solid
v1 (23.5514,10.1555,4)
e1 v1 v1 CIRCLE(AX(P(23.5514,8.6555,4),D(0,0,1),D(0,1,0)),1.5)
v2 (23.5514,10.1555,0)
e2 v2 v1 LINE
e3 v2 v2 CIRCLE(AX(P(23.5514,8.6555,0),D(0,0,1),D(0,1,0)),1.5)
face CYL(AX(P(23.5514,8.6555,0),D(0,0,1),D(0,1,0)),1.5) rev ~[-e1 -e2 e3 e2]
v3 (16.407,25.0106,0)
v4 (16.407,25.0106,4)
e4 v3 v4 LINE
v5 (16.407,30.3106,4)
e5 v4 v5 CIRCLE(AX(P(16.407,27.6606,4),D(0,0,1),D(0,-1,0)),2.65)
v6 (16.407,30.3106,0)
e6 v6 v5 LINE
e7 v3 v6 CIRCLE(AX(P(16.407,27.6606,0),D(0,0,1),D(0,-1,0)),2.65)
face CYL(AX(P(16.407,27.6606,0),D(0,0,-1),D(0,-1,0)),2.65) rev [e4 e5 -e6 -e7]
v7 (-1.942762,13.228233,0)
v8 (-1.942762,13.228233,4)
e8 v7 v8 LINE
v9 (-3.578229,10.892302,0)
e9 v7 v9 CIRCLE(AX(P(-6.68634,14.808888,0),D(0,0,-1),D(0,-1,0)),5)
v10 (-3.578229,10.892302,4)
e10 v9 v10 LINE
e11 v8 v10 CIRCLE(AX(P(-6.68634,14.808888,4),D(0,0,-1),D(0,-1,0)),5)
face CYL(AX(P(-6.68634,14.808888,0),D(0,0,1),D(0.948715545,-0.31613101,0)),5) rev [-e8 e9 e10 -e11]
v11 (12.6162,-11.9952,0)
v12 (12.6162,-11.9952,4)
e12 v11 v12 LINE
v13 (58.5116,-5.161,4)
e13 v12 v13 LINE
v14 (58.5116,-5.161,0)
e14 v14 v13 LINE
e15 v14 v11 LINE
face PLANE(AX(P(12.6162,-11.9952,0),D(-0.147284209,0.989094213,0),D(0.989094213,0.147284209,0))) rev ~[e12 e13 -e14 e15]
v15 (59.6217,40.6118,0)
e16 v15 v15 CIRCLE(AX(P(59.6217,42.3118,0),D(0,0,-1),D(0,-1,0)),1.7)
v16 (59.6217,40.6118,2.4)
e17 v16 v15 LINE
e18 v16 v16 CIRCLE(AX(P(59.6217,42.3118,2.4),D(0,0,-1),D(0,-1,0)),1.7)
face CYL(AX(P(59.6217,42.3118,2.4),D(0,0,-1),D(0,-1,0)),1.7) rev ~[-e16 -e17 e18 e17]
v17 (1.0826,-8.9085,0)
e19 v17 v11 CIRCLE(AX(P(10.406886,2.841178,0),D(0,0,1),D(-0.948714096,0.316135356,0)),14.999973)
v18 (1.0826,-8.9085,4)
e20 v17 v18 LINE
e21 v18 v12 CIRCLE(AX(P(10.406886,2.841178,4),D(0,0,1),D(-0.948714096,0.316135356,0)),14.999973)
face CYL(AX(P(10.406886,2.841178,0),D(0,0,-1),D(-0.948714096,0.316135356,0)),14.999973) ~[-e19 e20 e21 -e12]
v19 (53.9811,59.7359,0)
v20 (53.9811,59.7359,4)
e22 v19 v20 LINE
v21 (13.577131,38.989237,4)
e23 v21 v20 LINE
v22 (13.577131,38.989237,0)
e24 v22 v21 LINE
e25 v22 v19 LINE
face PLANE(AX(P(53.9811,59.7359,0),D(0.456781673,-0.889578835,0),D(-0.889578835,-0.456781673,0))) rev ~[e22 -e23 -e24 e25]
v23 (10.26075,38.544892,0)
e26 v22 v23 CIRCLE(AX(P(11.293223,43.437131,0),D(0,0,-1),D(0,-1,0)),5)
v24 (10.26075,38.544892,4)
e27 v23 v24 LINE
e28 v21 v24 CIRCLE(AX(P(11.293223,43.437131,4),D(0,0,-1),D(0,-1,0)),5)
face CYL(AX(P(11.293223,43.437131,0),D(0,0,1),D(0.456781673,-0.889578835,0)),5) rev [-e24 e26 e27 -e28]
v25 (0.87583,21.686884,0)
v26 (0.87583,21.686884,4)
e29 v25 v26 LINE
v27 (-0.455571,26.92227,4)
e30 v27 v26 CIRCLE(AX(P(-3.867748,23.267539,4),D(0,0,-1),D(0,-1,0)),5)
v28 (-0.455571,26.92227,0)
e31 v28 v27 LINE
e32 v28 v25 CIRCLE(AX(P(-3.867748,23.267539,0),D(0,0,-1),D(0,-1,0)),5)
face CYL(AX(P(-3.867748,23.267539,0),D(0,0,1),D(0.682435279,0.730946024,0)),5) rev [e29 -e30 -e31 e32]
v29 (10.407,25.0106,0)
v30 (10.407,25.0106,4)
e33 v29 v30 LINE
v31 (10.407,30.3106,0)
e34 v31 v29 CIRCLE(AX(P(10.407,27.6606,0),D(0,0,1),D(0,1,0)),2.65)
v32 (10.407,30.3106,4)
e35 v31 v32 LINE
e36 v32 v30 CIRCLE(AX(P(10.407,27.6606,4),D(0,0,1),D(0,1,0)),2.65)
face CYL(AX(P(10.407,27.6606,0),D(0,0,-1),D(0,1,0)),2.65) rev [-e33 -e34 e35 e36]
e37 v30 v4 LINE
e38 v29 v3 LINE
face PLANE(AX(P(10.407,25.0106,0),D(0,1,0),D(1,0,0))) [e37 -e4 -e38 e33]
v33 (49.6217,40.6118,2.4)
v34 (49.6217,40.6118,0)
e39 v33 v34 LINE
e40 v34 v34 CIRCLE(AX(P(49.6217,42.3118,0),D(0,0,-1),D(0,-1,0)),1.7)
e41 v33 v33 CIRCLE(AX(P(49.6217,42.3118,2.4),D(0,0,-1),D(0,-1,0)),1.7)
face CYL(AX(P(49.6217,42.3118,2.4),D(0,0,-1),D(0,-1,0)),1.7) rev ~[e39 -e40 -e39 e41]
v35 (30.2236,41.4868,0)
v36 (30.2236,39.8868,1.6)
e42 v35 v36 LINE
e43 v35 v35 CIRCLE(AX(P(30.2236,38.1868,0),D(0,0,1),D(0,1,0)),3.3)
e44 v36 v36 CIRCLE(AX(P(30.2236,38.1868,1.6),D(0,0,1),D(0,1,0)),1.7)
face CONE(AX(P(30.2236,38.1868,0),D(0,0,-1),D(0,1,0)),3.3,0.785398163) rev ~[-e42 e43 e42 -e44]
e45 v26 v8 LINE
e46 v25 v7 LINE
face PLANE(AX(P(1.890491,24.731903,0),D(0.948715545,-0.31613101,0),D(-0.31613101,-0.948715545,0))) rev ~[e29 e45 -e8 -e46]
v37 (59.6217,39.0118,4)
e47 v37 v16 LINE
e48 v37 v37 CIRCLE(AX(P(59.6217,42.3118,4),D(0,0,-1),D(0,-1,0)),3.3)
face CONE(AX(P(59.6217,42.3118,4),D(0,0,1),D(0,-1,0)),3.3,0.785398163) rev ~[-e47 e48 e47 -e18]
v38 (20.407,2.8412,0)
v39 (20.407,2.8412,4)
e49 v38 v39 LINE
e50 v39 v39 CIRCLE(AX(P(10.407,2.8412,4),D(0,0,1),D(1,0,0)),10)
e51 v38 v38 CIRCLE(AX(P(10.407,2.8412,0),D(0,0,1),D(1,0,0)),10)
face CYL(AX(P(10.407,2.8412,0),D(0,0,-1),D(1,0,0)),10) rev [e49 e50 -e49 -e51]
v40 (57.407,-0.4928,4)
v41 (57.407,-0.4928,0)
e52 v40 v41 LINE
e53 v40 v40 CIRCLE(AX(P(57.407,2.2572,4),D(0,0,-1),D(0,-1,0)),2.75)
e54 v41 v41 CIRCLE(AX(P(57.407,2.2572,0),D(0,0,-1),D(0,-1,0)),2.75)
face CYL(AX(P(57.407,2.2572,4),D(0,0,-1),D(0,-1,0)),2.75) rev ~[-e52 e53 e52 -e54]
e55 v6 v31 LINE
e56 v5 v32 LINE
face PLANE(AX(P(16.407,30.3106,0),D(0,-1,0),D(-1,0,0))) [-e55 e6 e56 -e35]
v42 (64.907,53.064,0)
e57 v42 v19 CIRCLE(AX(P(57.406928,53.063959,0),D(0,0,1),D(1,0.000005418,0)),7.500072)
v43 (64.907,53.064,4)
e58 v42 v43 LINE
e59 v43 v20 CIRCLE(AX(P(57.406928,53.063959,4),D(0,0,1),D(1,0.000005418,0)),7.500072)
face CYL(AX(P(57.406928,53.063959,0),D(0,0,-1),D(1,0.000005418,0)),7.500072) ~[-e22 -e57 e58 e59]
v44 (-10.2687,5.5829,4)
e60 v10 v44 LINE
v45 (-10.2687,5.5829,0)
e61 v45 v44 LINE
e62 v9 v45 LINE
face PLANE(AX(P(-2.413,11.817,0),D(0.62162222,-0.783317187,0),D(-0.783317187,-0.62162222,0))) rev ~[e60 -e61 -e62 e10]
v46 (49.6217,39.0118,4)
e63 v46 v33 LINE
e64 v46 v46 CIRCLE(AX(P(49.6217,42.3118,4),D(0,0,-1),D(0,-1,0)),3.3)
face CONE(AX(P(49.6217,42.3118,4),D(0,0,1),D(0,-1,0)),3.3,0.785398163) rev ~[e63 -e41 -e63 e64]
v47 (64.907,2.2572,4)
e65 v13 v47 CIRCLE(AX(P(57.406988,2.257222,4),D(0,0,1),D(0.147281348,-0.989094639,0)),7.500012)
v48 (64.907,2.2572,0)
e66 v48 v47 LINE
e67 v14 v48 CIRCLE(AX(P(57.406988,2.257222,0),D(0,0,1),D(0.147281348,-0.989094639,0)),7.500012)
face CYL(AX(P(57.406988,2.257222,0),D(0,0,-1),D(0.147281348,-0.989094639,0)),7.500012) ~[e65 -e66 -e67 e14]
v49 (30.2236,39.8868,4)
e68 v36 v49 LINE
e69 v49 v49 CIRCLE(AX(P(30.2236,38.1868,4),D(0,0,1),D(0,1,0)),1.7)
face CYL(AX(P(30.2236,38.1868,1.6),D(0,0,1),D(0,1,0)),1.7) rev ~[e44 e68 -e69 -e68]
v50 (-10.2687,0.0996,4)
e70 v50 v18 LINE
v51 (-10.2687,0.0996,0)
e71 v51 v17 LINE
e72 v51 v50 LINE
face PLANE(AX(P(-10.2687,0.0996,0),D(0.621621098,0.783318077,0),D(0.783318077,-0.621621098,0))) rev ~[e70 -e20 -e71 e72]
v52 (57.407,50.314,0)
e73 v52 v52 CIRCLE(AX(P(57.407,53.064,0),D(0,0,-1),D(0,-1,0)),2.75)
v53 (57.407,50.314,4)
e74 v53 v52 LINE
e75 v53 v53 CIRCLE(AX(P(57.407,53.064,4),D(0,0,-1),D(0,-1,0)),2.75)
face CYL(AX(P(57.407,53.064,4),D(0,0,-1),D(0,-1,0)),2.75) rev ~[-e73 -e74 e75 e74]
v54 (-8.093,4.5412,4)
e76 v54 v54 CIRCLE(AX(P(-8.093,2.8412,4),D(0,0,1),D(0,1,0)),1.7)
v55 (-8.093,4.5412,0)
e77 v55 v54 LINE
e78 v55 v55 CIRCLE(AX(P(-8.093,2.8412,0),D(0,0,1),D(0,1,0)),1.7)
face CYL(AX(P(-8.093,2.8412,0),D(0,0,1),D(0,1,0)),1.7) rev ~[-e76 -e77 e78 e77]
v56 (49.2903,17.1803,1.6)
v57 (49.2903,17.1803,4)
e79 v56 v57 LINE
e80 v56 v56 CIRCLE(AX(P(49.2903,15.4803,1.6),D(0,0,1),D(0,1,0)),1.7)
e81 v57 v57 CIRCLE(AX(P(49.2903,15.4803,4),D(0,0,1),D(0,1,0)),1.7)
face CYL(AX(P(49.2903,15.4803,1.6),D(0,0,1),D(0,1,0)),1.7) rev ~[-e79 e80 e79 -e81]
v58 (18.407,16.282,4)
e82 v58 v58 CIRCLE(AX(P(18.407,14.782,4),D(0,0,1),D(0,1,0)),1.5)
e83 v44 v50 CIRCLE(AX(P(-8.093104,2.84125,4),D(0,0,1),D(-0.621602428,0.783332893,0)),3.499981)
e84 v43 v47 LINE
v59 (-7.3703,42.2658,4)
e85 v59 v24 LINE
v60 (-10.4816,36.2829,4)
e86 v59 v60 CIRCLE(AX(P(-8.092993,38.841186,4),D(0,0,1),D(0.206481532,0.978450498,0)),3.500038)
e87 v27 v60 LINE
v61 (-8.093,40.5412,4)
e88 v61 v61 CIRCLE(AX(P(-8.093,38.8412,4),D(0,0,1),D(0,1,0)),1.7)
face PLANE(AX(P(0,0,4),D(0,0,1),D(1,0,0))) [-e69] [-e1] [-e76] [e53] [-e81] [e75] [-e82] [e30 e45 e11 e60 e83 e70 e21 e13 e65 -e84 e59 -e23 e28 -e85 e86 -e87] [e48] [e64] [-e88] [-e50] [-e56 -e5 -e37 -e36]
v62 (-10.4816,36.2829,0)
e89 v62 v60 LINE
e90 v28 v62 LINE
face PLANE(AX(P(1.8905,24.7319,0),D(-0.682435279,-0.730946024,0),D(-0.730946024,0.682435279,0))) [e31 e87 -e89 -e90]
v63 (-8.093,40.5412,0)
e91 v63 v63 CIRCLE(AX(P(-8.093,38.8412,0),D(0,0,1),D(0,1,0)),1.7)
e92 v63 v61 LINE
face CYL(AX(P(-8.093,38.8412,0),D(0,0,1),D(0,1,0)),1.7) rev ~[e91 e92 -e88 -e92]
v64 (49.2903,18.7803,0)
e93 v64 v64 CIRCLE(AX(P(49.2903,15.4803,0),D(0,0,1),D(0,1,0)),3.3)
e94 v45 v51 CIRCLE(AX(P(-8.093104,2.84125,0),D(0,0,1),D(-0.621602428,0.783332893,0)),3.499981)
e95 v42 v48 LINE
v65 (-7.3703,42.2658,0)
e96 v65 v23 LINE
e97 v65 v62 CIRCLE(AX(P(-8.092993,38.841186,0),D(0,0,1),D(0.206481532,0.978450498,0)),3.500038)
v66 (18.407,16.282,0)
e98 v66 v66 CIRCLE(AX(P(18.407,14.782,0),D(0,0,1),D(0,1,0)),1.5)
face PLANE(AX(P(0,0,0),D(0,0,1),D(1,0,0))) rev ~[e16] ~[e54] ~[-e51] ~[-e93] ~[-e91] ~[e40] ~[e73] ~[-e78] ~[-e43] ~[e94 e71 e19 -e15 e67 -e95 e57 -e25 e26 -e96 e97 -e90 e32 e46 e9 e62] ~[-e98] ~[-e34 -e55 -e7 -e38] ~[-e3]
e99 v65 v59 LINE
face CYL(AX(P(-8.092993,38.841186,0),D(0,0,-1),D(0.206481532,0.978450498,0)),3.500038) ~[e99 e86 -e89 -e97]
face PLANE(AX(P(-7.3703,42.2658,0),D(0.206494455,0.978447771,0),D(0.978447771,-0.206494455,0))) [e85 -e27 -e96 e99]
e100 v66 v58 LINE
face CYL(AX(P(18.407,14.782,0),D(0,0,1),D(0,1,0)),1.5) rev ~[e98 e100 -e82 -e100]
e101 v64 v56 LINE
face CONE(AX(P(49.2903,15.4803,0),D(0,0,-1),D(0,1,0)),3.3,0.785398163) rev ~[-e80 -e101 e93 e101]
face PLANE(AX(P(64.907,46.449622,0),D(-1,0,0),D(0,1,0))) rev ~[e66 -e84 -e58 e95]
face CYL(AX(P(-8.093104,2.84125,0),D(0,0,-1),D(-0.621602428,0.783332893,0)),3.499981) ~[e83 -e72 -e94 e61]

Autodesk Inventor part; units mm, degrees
ref_plane "YZ Plane" through (0, 0, 0) normal (1, 0, 0) x (0, 1, 0)
ref_plane "XZ Plane" through (0, 0, 0) normal (0, 1, 0) x (-1, 0, 0)
ref_plane "XY Plane" through (0, 0, 0) normal (0, 0, 1) x (1, 0, 0)
sketch "Sketch1" plane through (0, 0, 0) normal (0, 0, 1) x (1, 0, 0)
  circle A0 centre (57.407, 53.064) radius 2.5 projected
  circle A1 centre (57.407, 53.064) radius 10 projected
  circle A2 centre (13.407, 27.6606) radius 2.5 projected
  circle A3 centre (13.407, 27.6606) radius 10 projected
  circle A4 centre (57.407, 2.2572) radius 2.5 projected
  circle A5 centre (57.407, 2.2572) radius 10 projected
  line L0 (25.407, -164.9104) -> (25.407, 85.0896) construction
  arc A6 (64.907, 53.064) -> (53.9811, 59.7359) centre (57.407, 53.064) ccw
  arc A7 (58.5116, -5.161) -> (64.907, 2.2572) centre (57.407, 2.2572) ccw
  line L1 (10.407, 27.6606) -> (16.407, 27.6606) construction
  line L2 (10.407, 25.0106) -> (16.407, 25.0106)
  line L3 (16.407, 30.3106) -> (10.407, 30.3106)
  arc A8 (10.407, 30.3106) -> (10.407, 25.0106) centre (10.407, 27.6606) ccw
  arc A9 (16.407, 25.0106) -> (16.407, 30.3106) centre (16.407, 27.6606) ccw
  circle A10 centre (10.407, 2.8412) radius 10
  arc A11 (-3.8238, 7.5832) -> (12.6162, -11.9952) centre (10.407, 2.8412) ccw
  line L4 (12.6162, -11.9952) -> (58.5116, -5.161)
  line L5 (53.9811, 59.7359) -> (8.8392, 36.5564)
  line L6 (64.907, 2.2572) -> (64.907, 53.064)
  line L7 (3.9198, 30.8219) -> (-3.8238, 7.5832)
  line L8 (-3.8238, 7.5832) -> (-11.5466, -15.5932) construction
  line L9 (12.6162, -11.9952) -> (-11.5466, -15.5932) construction
  line L10 (-11.5466, -15.5932) -> (31.917, 20.9033) construction
  line L11 (-8.093, 51.8526) -> (-8.093, -0.1388) construction
  circle A12 centre (-8.093, 38.8412) radius 3.5 construction
  circle A13 centre (-8.093, 2.8412) radius 3.5 construction
  line L12 (-20.593, 53.8412) -> (-4.593, 53.8412) construction
  line L13 (-4.593, 53.8412) -> (-4.593, -12.1588) construction
  line L14 (-4.593, -12.1588) -> (-20.593, -12.1588) construction
  line L15 (-20.593, -12.1588) -> (-20.593, 53.8412) construction
  line L16 (-20.593, 20.8412) -> (-4.593, 20.8412) construction
  line L17 (-2.413, 11.817) -> (-10.2687, 5.5829)
  line L18 (-10.2687, 0.0996) -> (1.0826, -8.9085)
  arc A14 (-4.593, -1.7035) -> (-4.0348, -1.2128) centre (-8.093, 2.8412) ccw
  arc A15 (-10.2687, 5.5829) -> (-10.2687, 0.0996) centre (-8.093, 2.8412) ccw
  line L19 (1.8905, 24.7319) -> (-10.4816, 36.2829)
  line L20 (-7.3703, 42.2658) -> (11.9978, 38.1783)
  arc A16 (-7.3703, 42.2658) -> (-10.4816, 36.2829) centre (-8.093, 38.8412) ccw
  point P0 (18.407, 14.782)
  point P1 (23.5514, 8.6555)
  dimension "d52" = 15
  dimension "d53" = 15
  dimension "d54" = 3
  dimension "d55" = 5.3
  dimension "d56" = 20
  dimension "d57" = 30
  dimension "d58" = 4
  dimension "d59" = 8
  dimension "d93" = 7
  dimension "d94" = 7
  dimension "d95" = 36
  dimension "d96" = 16
  dimension "d97" = 66
  dimension "d99" = 3.5
extrude "Extrusion1" add sketch "Sketch1" along normal blind 4 contours A0 | L5 A6 L6 A1 | A1 L6 A5 L4 A11 L7 A3 L5 | L5 A3 L7 L19 A16 L20 | L6 A7 L4 A5 | A3 | L18 A15 L17 L7 A11 | A4 picked at (52.4239, 56.8921) picked at (55.6672, -3.7922)
sketch "Sketch2" plane through (0, 0, 4) normal (0, 0, 1) x (1, 0, 0)
  circle A0 centre (13.407, 27.6606) radius 2.5 projected
  circle A1 centre (57.407, 2.2572) radius 2.5 projected
  circle A2 centre (57.407, 53.064) radius 2.5 projected
  line L0 (10.407, 27.6606) -> (16.407, 27.6606) construction
  line L1 (10.407, 24.9106) -> (16.407, 24.9106)
  line L2 (16.407, 30.4106) -> (10.407, 30.4106)
  arc A3 (10.407, 30.4106) -> (10.407, 24.9106) centre (10.407, 27.6606) ccw
  arc A4 (16.407, 24.9106) -> (16.407, 30.4106) centre (16.407, 27.6606) ccw
  point P0 (0, 0)
  dimension "d25" = 3
  dimension "d26" = 5.5
hole "Hole2" at (57.407, 53.064, 4) at (57.407, 2.2572, 4) direction (0, 0, -1) diameter 5.5 end through all clearance for "Countersunk Head GOST 12876-67" size "M5" standard "GOST"
hole "Hole4" at (18.407, 14.782, 0) at (23.5514, 8.6555, 0) direction (0, 0, 1) diameter 3 end through all
sketch "Sketch6" plane through (0, 0, 0) normal (0, 0, -1) x (-1, 0, 0)
  circle A0 centre (-49.2903, 15.4803) radius 1.7 projected
  circle A1 centre (-30.2236, 38.1868) radius 1.7 projected
  point P0 (0, 0)
hole "Hole6" at (49.2903, 15.4803, 0) at (30.2236, 38.1868, 0) direction (0, 0, 1) diameter 3.4 end through all countersink diameter 6.6 countersink angle 90 clearance for "Countersunk Head GOST 12876-67" size "M3" standard "GOST"
sketch "Sketch7" plane through (0, 0, 4) normal (0, 0, 1) x (1, 0, 0)
  point P0 (0, 0)
  point P1 (49.6217, 42.3118)
  point P2 (59.6217, 42.3118)
hole "Hole7" at (59.6217, 42.3118, 4) at (49.6217, 42.3118, 4) direction (0, 0, -1) diameter 3.4 end through all countersink diameter 6.6 countersink angle 90 clearance for "Countersunk Head GOST 12876-67" size "M3" standard "GOST"
hole "Hole8" at (-8.093, 2.8412, 0) at (-8.093, 38.8412, 0) direction (0, 0, 1) diameter 3.4 end through all clearance for "Hex Head Bolt / Nut GOST 12876-67" size "M3" standard "GOST"
fillet "Fillet2" radius 5 3 edges at (-2.413, 11.817, 2) (1.8905, 24.7319, 2) (11.9978, 38.1783, 2)
properties part number "plate_3"
